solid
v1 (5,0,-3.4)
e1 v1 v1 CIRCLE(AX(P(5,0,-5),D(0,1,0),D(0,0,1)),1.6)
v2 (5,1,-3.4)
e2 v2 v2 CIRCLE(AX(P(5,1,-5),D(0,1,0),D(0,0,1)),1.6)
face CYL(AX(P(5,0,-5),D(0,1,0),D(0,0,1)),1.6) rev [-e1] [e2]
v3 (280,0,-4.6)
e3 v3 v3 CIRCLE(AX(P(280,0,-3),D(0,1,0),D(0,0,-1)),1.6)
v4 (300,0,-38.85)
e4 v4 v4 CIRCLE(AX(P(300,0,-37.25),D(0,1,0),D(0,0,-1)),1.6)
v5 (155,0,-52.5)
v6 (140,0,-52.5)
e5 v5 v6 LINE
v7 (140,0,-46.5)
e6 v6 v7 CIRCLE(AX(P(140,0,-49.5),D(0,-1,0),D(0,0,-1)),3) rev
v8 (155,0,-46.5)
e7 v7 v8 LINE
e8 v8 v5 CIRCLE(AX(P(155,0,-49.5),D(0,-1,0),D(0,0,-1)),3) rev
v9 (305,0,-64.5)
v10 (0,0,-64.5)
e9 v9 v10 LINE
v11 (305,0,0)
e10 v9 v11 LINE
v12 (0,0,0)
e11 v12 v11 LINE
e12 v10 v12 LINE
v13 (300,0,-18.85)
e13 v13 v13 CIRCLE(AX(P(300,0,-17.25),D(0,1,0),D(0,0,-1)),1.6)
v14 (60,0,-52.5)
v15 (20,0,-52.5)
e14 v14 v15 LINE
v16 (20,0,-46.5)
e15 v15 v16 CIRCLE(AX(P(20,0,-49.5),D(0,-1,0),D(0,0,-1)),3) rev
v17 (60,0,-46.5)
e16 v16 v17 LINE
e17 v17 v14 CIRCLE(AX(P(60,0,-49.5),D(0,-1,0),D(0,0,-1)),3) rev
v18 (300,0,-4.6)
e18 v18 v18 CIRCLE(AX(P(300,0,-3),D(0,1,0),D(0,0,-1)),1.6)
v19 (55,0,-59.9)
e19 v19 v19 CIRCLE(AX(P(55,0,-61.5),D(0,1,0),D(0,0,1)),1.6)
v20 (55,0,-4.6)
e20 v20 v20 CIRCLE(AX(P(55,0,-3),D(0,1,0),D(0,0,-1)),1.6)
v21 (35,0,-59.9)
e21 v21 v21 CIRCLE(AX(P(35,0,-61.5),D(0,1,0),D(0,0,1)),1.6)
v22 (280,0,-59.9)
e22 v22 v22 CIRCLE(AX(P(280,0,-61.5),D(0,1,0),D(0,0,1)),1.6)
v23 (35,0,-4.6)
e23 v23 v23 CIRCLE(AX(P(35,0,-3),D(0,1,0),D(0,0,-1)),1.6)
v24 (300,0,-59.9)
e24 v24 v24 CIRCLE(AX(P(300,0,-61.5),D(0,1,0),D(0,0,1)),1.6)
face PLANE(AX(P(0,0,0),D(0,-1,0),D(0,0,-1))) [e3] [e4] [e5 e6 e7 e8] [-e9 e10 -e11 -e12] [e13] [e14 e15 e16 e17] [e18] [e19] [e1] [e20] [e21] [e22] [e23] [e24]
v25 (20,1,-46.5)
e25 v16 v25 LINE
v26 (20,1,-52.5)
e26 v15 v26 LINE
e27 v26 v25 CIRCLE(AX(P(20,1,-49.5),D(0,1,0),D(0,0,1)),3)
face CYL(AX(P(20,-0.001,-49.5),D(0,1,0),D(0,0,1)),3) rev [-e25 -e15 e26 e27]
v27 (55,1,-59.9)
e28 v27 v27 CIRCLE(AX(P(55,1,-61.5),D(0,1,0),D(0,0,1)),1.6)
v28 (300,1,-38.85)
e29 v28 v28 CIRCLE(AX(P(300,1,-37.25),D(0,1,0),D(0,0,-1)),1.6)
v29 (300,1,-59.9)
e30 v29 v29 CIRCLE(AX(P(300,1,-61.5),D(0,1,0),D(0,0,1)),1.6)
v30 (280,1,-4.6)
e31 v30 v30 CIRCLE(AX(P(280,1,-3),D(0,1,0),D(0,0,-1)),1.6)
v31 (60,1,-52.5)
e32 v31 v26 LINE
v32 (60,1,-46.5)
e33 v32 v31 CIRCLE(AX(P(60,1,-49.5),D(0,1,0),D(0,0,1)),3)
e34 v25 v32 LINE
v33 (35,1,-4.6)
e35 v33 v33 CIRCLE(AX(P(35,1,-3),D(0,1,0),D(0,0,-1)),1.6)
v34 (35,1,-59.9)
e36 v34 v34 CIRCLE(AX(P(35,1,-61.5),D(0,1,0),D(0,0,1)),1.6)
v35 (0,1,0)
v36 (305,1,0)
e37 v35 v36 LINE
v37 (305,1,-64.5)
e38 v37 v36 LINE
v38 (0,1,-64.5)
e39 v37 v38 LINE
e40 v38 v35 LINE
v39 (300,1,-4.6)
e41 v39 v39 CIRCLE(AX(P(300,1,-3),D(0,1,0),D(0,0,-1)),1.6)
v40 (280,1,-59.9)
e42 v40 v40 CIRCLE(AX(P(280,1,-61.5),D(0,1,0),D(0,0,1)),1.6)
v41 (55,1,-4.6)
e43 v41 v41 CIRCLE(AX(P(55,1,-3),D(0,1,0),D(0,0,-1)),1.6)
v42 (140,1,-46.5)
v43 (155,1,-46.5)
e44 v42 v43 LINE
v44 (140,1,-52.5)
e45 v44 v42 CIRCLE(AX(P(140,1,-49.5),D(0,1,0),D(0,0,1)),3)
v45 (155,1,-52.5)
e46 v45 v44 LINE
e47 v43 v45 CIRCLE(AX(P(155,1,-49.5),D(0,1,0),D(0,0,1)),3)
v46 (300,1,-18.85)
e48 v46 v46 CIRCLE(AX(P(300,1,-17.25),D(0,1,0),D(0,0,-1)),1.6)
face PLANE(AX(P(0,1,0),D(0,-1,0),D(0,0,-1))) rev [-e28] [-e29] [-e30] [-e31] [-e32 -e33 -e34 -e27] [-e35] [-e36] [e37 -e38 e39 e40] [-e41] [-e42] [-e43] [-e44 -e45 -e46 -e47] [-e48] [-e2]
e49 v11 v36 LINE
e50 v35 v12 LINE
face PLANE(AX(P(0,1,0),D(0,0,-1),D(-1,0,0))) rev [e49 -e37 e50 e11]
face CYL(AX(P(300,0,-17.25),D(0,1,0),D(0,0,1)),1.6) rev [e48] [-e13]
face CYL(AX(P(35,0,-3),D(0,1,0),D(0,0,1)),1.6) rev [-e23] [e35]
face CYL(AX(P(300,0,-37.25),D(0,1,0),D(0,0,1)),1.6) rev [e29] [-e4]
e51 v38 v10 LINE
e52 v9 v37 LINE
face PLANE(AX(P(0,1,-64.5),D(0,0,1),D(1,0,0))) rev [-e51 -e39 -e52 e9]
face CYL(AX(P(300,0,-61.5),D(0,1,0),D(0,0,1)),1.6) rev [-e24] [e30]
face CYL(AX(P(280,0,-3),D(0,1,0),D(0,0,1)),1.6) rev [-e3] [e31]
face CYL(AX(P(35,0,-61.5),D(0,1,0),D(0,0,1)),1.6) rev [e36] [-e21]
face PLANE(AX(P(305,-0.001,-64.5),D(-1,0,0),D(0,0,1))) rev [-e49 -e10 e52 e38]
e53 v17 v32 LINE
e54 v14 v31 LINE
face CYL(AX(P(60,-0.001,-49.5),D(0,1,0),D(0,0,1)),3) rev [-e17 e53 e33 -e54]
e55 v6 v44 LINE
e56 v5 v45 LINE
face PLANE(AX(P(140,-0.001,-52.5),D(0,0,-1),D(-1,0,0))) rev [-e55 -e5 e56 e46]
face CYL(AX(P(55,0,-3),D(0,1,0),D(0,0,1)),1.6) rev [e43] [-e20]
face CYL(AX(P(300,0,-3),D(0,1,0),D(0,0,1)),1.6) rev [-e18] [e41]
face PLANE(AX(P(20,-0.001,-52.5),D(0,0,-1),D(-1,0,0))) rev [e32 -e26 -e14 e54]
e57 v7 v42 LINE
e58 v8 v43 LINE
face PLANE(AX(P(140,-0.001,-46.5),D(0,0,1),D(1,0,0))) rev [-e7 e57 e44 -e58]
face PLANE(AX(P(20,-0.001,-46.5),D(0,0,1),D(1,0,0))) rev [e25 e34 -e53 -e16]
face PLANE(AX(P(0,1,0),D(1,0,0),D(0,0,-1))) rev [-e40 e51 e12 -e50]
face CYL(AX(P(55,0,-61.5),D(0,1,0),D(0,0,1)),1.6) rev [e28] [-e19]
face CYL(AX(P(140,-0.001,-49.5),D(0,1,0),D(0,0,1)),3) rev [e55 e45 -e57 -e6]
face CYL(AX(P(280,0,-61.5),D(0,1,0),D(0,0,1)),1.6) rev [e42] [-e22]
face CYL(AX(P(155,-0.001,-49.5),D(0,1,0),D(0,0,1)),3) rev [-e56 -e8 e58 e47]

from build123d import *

# Parameters (mm, degrees)
SKETCH_1_W          = 330
SKETCH_1_H          = 64.5
EXTRUDE_1_DEPTH     = 1
SKETCH_2_R          = 1.6
CUT_EXTRUDE_1_DEPTH = 337.245817818
CUT_EXTRUDE_2_REACH = 338.246
SKETCH_3_W          = 25
SKETCH_3_H          = 64.5
CUT_EXTRUDE_3_REACH = 313.747


with BuildPart() as part:
    # 草图1 → 凸台-拉伸1 (new body)
    with BuildSketch(Plane(origin=(0, 0, 0), x_dir=(1, 0, 0), z_dir=(0, 1, 0))):
        with Locations((165, 32.25)):
            Rectangle(SKETCH_1_W, SKETCH_1_H)
    extrude(amount=EXTRUDE_1_DEPTH)

    # 草图2 → 切除-拉伸1 (cut, through all)
    with BuildSketch(Plane(origin=(0, 1, 0), x_dir=(1, 0, 0), z_dir=(0, 1, 0))):
        with Locations(Location((35, 61.5, 0), (0, 0, 270))):
            Circle(SKETCH_2_R)
        with Locations(Location((55, 61.5, 0), (0, 0, 270))):
            Circle(SKETCH_2_R)
        with Locations(Location((280, 61.5, 0), (0, 0, 270))):
            Circle(SKETCH_2_R)
        with Locations(Location((300, 61.5, 0), (0, 0, 270))):
            Circle(SKETCH_2_R)
        with Locations(Location((300, 3, 0), (0, 0, 90))):
            Circle(SKETCH_2_R)
        with Locations(Location((280, 3, 0), (0, 0, 90))):
            Circle(SKETCH_2_R)
        with Locations(Location((55, 3, 0), (0, 0, 90))):
            Circle(SKETCH_2_R)
        with Locations(Location((35, 3, 0), (0, 0, 90))):
            Circle(SKETCH_2_R)
        with Locations(Location((300, 37.25, 0), (0, 0, 90))):
            Circle(SKETCH_2_R)
        with Locations(Location((300, 17.25, 0), (0, 0, 90))):
            Circle(SKETCH_2_R)
        with Locations(Location((5, 5, 0), (0, 0, 270))):
            Circle(SKETCH_2_R)
    extrude(amount=-CUT_EXTRUDE_1_DEPTH, mode=Mode.SUBTRACT)

    # 草图3 → 切除-拉伸2 (cut, up to next)
    with BuildSketch(Plane(origin=(0, 1, 0), x_dir=(1, 0, 0), z_dir=(0, 1, 0)), mode=Mode.PRIVATE) as cut_extrude_2_sk1:
        with Locations((317.5, 32.25)):
            Rectangle(SKETCH_3_W, SKETCH_3_H)
    cut_extrude_2_tool1 = extrude(cut_extrude_2_sk1.sketch, amount=-CUT_EXTRUDE_2_REACH, mode=Mode.PRIVATE) & part.part
    add(cut_extrude_2_tool1.solids().sort_by_distance((317.5, 1, -32.25))[0], mode=Mode.SUBTRACT)

    # 草图4 → 切除-拉伸3 (cut, up to next)
    with BuildSketch(Plane(origin=(0, 1, 0), x_dir=(1, 0, 0), z_dir=(0, 1, 0)), mode=Mode.PRIVATE) as cut_extrude_3_sk1:
        with BuildLine():
            Line((140, 52.5), (155, 52.5))
            ThreePointArc((155, 52.5), (158, 49.5), (155, 46.5))
            Line((155, 46.5), (140, 46.5))
            ThreePointArc((140, 46.5), (137, 49.5), (140, 52.5))
        make_face()
    cut_extrude_3_tool1 = extrude(cut_extrude_3_sk1.sketch, amount=-CUT_EXTRUDE_3_REACH, mode=Mode.PRIVATE) & part.part
    # 草图4 → 切除-拉伸3 (cut, up to next)
    with BuildSketch(Plane(origin=(0, 1, 0), x_dir=(1, 0, 0), z_dir=(0, 1, 0)), mode=Mode.PRIVATE) as cut_extrude_3_sk2:
        with BuildLine():
            Line((20, 52.5), (60, 52.5))
            ThreePointArc((60, 52.5), (63, 49.5), (60, 46.5))
            Line((60, 46.5), (20, 46.5))
            ThreePointArc((20, 46.5), (17, 49.5), (20, 52.5))
        make_face()
    cut_extrude_3_tool2 = extrude(cut_extrude_3_sk2.sketch, amount=-CUT_EXTRUDE_3_REACH, mode=Mode.PRIVATE) & part.part
    add(cut_extrude_3_tool1.solids().sort_by_distance((147.5, 1, -49.5))[0], mode=Mode.SUBTRACT)
    add(cut_extrude_3_tool2.solids().sort_by_distance((40, 1, -49.5))[0], mode=Mode.SUBTRACT)


solid = part.part
